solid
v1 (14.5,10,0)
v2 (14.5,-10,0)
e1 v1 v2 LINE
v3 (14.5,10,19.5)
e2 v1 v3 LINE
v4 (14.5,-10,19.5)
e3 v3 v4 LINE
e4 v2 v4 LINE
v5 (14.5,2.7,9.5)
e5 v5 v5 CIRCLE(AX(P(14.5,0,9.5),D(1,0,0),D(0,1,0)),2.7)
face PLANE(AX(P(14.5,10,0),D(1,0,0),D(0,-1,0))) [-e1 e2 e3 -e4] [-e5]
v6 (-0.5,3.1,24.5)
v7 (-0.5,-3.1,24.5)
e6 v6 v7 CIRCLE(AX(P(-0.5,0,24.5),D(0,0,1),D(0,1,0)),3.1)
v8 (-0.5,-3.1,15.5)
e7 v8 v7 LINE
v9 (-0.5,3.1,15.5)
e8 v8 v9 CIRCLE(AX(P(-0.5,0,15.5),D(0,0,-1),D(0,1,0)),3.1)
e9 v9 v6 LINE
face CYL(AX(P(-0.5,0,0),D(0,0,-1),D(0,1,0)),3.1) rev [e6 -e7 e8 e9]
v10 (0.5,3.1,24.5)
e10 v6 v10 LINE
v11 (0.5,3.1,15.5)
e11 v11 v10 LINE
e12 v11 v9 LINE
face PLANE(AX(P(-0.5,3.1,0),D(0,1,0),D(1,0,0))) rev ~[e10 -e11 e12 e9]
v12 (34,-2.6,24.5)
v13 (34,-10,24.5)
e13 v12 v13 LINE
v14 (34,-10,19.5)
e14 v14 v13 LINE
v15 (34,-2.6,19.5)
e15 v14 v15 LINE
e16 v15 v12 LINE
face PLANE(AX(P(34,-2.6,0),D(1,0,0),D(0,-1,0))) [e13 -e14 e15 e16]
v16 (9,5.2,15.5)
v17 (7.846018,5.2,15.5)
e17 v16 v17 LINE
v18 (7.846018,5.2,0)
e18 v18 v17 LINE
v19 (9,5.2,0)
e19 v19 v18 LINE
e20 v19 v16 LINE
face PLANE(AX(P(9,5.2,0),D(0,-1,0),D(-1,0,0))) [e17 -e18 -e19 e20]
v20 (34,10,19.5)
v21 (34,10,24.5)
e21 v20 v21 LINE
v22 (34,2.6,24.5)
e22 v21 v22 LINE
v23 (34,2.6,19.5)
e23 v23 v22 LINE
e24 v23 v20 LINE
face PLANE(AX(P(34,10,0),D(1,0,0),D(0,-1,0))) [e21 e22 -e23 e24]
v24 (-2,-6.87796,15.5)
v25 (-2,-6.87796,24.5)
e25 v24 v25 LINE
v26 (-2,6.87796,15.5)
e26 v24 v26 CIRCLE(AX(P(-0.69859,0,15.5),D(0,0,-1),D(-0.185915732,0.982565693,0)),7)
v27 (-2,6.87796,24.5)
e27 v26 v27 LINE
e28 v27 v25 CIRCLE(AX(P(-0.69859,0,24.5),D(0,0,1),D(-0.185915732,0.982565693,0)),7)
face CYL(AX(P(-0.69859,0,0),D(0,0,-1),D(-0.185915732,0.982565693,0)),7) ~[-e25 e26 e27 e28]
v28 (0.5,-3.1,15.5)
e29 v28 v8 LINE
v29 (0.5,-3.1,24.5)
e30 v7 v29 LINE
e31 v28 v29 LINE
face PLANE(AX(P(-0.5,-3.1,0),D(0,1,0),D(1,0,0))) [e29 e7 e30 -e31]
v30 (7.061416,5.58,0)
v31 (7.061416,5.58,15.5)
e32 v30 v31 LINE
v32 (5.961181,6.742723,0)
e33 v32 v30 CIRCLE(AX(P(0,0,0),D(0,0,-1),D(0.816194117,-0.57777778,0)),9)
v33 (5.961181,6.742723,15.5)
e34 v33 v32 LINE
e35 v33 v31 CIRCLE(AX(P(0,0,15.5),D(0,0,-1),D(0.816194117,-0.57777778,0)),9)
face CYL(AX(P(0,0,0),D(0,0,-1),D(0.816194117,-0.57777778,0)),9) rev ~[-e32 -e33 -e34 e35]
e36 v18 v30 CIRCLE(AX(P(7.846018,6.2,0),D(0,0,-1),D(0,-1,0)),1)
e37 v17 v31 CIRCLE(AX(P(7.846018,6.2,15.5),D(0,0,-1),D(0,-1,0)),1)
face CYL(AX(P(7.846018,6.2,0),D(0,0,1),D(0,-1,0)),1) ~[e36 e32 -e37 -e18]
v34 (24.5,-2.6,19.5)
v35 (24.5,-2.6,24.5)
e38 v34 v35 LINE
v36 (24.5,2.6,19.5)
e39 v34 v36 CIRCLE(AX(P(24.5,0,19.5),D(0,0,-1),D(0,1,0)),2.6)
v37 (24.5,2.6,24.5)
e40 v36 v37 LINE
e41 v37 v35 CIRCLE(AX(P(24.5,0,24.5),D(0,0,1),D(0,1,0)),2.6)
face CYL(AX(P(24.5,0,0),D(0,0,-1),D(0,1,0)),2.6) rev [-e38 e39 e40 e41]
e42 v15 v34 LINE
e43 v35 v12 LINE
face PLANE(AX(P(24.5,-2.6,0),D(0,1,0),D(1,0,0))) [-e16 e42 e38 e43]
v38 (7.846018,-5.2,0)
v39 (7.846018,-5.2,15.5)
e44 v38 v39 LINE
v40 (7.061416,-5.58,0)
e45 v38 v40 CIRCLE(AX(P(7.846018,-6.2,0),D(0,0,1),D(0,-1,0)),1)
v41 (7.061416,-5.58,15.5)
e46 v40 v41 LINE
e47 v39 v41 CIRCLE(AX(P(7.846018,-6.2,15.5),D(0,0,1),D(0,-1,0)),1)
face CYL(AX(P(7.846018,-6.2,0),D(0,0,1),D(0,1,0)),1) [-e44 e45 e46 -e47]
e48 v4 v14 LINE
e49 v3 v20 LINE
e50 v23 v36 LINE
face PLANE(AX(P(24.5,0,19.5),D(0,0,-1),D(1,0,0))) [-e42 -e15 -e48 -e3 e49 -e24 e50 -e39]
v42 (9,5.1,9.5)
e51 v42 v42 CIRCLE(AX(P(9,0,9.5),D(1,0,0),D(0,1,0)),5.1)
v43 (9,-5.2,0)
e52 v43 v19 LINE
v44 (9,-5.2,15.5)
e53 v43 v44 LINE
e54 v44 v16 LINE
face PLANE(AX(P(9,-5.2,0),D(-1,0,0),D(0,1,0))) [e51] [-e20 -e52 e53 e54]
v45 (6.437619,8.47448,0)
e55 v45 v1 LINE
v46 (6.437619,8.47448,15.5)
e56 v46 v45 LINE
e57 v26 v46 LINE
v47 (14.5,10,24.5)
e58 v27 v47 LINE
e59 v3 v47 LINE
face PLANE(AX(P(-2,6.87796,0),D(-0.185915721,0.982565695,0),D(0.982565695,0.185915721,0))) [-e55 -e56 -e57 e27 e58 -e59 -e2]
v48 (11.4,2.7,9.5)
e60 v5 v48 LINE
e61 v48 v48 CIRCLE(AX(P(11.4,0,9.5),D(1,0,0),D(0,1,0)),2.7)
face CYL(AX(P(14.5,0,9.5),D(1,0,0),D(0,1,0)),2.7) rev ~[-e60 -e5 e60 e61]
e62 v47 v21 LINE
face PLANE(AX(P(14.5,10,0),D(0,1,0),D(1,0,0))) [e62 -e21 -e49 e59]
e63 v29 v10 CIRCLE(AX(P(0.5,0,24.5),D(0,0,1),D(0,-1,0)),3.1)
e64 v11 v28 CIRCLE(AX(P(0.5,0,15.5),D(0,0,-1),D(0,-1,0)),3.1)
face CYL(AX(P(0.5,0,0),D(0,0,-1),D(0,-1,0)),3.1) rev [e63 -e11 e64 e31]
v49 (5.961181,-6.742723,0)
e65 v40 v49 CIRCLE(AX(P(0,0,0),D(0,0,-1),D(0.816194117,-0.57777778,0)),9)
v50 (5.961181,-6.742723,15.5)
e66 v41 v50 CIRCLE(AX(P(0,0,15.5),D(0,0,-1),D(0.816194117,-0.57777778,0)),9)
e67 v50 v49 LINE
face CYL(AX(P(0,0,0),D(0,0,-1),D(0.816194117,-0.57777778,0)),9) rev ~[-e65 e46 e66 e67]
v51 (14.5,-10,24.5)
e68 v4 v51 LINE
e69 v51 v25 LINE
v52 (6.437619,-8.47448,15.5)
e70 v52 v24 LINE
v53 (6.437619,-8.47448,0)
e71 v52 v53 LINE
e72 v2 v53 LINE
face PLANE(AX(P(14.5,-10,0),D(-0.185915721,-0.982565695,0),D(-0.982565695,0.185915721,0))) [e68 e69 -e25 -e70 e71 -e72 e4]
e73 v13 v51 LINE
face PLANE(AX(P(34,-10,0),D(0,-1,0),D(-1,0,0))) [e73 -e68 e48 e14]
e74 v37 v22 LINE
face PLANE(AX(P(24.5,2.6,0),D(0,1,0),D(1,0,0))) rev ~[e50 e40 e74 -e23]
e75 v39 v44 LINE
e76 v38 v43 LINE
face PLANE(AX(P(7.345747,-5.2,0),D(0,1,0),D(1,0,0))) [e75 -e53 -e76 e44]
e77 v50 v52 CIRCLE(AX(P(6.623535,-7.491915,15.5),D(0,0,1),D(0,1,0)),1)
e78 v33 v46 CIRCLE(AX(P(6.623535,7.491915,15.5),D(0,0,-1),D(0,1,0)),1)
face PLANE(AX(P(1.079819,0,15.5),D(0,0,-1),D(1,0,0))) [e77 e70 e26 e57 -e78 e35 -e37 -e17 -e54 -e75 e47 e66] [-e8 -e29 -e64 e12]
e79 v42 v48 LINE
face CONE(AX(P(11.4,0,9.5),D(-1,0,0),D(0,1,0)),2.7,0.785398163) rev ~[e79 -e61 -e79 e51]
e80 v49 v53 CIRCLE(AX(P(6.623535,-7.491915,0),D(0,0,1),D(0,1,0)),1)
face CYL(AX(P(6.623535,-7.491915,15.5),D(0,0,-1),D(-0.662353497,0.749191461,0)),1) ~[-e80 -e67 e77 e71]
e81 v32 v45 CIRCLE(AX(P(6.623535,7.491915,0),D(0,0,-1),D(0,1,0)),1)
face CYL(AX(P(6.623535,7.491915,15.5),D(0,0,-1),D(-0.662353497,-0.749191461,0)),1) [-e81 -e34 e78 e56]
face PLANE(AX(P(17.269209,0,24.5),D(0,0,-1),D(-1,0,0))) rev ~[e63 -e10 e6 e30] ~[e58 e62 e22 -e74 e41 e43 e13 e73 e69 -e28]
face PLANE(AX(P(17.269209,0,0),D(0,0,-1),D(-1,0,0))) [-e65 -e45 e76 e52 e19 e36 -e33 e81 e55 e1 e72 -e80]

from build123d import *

# Parameters (mm, degrees)
PAD_DEPTH       = 24.5
SKETCH001_W     = 15
SKETCH001_H     = 12
POCKET_DEPTH    = 14.5
SKETCH002_W     = 20
SKETCH002_H     = 20
POCKET001_DEPTH = 19.5
SKETCH003_R     = 2.7
POCKET002_DEPTH = 22.19959
POCKET003_DEPTH = 15.5
CHAMFER_SIZE    = 2.4
FILLET_R        = 1


with BuildPart() as part:
    # Sketch → Pad (new body)
    with BuildSketch(Plane.XY):
        with BuildLine():
            Line((-2, 6.87796), (14.5, 10))
            Line((14.5, 10), (34, 10))
            Line((34, 10), (34, 2.6))
            Line((24.5, 2.6), (34, 2.6))
            ThreePointArc((24.5, 2.6), (21.9, 0), (24.5, -2.6))
            Line((24.5, -2.6), (34, -2.6))
            Line((34, -2.6), (34, -10))
            Line((34, -10), (14.5, -10))
            Line((14.5, -10), (-2, -6.87796))
            ThreePointArc((-2, 6.87796), (-7.69859, 0), (-2, -6.87796))
        make_face()
        with BuildLine():
            ThreePointArc((-0.5, 3.1), (-3.6, 0), (-0.5, -3.1))
            Line((-0.5, -3.1), (0.5, -3.1))
            ThreePointArc((0.5, -3.1), (3.6, 0), (0.5, 3.1))
            Line((-0.5, 3.1), (0.5, 3.1))
        make_face(mode=Mode.SUBTRACT)
    extrude(amount=PAD_DEPTH)

    # Sketch001 (on Face3 of Pad) → Pocket (cut)
    with BuildSketch(Plane.YZ.offset(34)):
        with Locations((2, 0)):
            Rectangle(SKETCH001_W, SKETCH001_H)
    extrude(amount=-POCKET_DEPTH, mode=Mode.SUBTRACT)

    # Sketch002 (on Face4 of Pocket) → Pocket001 (cut)
    with BuildSketch(Plane(origin=(0, 0, 0), x_dir=(1, 0, 0), z_dir=(0, 0, -1))):
        with Locations((24.5, 0)):
            Rectangle(SKETCH002_W, SKETCH002_H)
    extrude(amount=-POCKET001_DEPTH, mode=Mode.SUBTRACT)

    # Sketch003 (on Face5 of Pocket001) → Pocket002 (cut, through all)
    with BuildSketch(Plane.YZ.offset(14.5)):
        with Locations((0, 9.5)):
            Circle(SKETCH003_R)
    extrude(amount=-POCKET002_DEPTH, mode=Mode.SUBTRACT)

    # Sketch004 (on Face2 of Pocket002) → Pocket003 (cut)
    with BuildSketch(Plane(origin=(0, 0, 0), x_dir=(1, 0, 0), z_dir=(0, 0, -1))):
        with BuildLine():
            ThreePointArc((7.345747, 5.2), (-9, 0), (7.345747, -5.2))
            Line((9, -5.2), (7.345747, -5.2))
            Line((9, 5.2), (9, -5.2))
            Line((7.345747, 5.2), (9, 5.2))
        make_face()
    extrude(amount=-POCKET003_DEPTH, mode=Mode.SUBTRACT)

    # Chamfer
    chamfer_edges = [part.edges().sort_by_distance(p)[0] for p in [
        (9, -2.7, 9.5),
    ]]
    chamfer(chamfer_edges, length=CHAMFER_SIZE)

    # Fillet
    fillet_edges = [part.edges().sort_by_distance(p)[0] for p in [
        (4.070941, 8.02667, 7.75),
        (7.345747, 5.2, 7.75),
        (7.345747, -5.2, 7.75),
        (4.070941, -8.02667, 7.75),
    ]]
    fillet(fillet_edges, radius=FILLET_R)


solid = part.part
